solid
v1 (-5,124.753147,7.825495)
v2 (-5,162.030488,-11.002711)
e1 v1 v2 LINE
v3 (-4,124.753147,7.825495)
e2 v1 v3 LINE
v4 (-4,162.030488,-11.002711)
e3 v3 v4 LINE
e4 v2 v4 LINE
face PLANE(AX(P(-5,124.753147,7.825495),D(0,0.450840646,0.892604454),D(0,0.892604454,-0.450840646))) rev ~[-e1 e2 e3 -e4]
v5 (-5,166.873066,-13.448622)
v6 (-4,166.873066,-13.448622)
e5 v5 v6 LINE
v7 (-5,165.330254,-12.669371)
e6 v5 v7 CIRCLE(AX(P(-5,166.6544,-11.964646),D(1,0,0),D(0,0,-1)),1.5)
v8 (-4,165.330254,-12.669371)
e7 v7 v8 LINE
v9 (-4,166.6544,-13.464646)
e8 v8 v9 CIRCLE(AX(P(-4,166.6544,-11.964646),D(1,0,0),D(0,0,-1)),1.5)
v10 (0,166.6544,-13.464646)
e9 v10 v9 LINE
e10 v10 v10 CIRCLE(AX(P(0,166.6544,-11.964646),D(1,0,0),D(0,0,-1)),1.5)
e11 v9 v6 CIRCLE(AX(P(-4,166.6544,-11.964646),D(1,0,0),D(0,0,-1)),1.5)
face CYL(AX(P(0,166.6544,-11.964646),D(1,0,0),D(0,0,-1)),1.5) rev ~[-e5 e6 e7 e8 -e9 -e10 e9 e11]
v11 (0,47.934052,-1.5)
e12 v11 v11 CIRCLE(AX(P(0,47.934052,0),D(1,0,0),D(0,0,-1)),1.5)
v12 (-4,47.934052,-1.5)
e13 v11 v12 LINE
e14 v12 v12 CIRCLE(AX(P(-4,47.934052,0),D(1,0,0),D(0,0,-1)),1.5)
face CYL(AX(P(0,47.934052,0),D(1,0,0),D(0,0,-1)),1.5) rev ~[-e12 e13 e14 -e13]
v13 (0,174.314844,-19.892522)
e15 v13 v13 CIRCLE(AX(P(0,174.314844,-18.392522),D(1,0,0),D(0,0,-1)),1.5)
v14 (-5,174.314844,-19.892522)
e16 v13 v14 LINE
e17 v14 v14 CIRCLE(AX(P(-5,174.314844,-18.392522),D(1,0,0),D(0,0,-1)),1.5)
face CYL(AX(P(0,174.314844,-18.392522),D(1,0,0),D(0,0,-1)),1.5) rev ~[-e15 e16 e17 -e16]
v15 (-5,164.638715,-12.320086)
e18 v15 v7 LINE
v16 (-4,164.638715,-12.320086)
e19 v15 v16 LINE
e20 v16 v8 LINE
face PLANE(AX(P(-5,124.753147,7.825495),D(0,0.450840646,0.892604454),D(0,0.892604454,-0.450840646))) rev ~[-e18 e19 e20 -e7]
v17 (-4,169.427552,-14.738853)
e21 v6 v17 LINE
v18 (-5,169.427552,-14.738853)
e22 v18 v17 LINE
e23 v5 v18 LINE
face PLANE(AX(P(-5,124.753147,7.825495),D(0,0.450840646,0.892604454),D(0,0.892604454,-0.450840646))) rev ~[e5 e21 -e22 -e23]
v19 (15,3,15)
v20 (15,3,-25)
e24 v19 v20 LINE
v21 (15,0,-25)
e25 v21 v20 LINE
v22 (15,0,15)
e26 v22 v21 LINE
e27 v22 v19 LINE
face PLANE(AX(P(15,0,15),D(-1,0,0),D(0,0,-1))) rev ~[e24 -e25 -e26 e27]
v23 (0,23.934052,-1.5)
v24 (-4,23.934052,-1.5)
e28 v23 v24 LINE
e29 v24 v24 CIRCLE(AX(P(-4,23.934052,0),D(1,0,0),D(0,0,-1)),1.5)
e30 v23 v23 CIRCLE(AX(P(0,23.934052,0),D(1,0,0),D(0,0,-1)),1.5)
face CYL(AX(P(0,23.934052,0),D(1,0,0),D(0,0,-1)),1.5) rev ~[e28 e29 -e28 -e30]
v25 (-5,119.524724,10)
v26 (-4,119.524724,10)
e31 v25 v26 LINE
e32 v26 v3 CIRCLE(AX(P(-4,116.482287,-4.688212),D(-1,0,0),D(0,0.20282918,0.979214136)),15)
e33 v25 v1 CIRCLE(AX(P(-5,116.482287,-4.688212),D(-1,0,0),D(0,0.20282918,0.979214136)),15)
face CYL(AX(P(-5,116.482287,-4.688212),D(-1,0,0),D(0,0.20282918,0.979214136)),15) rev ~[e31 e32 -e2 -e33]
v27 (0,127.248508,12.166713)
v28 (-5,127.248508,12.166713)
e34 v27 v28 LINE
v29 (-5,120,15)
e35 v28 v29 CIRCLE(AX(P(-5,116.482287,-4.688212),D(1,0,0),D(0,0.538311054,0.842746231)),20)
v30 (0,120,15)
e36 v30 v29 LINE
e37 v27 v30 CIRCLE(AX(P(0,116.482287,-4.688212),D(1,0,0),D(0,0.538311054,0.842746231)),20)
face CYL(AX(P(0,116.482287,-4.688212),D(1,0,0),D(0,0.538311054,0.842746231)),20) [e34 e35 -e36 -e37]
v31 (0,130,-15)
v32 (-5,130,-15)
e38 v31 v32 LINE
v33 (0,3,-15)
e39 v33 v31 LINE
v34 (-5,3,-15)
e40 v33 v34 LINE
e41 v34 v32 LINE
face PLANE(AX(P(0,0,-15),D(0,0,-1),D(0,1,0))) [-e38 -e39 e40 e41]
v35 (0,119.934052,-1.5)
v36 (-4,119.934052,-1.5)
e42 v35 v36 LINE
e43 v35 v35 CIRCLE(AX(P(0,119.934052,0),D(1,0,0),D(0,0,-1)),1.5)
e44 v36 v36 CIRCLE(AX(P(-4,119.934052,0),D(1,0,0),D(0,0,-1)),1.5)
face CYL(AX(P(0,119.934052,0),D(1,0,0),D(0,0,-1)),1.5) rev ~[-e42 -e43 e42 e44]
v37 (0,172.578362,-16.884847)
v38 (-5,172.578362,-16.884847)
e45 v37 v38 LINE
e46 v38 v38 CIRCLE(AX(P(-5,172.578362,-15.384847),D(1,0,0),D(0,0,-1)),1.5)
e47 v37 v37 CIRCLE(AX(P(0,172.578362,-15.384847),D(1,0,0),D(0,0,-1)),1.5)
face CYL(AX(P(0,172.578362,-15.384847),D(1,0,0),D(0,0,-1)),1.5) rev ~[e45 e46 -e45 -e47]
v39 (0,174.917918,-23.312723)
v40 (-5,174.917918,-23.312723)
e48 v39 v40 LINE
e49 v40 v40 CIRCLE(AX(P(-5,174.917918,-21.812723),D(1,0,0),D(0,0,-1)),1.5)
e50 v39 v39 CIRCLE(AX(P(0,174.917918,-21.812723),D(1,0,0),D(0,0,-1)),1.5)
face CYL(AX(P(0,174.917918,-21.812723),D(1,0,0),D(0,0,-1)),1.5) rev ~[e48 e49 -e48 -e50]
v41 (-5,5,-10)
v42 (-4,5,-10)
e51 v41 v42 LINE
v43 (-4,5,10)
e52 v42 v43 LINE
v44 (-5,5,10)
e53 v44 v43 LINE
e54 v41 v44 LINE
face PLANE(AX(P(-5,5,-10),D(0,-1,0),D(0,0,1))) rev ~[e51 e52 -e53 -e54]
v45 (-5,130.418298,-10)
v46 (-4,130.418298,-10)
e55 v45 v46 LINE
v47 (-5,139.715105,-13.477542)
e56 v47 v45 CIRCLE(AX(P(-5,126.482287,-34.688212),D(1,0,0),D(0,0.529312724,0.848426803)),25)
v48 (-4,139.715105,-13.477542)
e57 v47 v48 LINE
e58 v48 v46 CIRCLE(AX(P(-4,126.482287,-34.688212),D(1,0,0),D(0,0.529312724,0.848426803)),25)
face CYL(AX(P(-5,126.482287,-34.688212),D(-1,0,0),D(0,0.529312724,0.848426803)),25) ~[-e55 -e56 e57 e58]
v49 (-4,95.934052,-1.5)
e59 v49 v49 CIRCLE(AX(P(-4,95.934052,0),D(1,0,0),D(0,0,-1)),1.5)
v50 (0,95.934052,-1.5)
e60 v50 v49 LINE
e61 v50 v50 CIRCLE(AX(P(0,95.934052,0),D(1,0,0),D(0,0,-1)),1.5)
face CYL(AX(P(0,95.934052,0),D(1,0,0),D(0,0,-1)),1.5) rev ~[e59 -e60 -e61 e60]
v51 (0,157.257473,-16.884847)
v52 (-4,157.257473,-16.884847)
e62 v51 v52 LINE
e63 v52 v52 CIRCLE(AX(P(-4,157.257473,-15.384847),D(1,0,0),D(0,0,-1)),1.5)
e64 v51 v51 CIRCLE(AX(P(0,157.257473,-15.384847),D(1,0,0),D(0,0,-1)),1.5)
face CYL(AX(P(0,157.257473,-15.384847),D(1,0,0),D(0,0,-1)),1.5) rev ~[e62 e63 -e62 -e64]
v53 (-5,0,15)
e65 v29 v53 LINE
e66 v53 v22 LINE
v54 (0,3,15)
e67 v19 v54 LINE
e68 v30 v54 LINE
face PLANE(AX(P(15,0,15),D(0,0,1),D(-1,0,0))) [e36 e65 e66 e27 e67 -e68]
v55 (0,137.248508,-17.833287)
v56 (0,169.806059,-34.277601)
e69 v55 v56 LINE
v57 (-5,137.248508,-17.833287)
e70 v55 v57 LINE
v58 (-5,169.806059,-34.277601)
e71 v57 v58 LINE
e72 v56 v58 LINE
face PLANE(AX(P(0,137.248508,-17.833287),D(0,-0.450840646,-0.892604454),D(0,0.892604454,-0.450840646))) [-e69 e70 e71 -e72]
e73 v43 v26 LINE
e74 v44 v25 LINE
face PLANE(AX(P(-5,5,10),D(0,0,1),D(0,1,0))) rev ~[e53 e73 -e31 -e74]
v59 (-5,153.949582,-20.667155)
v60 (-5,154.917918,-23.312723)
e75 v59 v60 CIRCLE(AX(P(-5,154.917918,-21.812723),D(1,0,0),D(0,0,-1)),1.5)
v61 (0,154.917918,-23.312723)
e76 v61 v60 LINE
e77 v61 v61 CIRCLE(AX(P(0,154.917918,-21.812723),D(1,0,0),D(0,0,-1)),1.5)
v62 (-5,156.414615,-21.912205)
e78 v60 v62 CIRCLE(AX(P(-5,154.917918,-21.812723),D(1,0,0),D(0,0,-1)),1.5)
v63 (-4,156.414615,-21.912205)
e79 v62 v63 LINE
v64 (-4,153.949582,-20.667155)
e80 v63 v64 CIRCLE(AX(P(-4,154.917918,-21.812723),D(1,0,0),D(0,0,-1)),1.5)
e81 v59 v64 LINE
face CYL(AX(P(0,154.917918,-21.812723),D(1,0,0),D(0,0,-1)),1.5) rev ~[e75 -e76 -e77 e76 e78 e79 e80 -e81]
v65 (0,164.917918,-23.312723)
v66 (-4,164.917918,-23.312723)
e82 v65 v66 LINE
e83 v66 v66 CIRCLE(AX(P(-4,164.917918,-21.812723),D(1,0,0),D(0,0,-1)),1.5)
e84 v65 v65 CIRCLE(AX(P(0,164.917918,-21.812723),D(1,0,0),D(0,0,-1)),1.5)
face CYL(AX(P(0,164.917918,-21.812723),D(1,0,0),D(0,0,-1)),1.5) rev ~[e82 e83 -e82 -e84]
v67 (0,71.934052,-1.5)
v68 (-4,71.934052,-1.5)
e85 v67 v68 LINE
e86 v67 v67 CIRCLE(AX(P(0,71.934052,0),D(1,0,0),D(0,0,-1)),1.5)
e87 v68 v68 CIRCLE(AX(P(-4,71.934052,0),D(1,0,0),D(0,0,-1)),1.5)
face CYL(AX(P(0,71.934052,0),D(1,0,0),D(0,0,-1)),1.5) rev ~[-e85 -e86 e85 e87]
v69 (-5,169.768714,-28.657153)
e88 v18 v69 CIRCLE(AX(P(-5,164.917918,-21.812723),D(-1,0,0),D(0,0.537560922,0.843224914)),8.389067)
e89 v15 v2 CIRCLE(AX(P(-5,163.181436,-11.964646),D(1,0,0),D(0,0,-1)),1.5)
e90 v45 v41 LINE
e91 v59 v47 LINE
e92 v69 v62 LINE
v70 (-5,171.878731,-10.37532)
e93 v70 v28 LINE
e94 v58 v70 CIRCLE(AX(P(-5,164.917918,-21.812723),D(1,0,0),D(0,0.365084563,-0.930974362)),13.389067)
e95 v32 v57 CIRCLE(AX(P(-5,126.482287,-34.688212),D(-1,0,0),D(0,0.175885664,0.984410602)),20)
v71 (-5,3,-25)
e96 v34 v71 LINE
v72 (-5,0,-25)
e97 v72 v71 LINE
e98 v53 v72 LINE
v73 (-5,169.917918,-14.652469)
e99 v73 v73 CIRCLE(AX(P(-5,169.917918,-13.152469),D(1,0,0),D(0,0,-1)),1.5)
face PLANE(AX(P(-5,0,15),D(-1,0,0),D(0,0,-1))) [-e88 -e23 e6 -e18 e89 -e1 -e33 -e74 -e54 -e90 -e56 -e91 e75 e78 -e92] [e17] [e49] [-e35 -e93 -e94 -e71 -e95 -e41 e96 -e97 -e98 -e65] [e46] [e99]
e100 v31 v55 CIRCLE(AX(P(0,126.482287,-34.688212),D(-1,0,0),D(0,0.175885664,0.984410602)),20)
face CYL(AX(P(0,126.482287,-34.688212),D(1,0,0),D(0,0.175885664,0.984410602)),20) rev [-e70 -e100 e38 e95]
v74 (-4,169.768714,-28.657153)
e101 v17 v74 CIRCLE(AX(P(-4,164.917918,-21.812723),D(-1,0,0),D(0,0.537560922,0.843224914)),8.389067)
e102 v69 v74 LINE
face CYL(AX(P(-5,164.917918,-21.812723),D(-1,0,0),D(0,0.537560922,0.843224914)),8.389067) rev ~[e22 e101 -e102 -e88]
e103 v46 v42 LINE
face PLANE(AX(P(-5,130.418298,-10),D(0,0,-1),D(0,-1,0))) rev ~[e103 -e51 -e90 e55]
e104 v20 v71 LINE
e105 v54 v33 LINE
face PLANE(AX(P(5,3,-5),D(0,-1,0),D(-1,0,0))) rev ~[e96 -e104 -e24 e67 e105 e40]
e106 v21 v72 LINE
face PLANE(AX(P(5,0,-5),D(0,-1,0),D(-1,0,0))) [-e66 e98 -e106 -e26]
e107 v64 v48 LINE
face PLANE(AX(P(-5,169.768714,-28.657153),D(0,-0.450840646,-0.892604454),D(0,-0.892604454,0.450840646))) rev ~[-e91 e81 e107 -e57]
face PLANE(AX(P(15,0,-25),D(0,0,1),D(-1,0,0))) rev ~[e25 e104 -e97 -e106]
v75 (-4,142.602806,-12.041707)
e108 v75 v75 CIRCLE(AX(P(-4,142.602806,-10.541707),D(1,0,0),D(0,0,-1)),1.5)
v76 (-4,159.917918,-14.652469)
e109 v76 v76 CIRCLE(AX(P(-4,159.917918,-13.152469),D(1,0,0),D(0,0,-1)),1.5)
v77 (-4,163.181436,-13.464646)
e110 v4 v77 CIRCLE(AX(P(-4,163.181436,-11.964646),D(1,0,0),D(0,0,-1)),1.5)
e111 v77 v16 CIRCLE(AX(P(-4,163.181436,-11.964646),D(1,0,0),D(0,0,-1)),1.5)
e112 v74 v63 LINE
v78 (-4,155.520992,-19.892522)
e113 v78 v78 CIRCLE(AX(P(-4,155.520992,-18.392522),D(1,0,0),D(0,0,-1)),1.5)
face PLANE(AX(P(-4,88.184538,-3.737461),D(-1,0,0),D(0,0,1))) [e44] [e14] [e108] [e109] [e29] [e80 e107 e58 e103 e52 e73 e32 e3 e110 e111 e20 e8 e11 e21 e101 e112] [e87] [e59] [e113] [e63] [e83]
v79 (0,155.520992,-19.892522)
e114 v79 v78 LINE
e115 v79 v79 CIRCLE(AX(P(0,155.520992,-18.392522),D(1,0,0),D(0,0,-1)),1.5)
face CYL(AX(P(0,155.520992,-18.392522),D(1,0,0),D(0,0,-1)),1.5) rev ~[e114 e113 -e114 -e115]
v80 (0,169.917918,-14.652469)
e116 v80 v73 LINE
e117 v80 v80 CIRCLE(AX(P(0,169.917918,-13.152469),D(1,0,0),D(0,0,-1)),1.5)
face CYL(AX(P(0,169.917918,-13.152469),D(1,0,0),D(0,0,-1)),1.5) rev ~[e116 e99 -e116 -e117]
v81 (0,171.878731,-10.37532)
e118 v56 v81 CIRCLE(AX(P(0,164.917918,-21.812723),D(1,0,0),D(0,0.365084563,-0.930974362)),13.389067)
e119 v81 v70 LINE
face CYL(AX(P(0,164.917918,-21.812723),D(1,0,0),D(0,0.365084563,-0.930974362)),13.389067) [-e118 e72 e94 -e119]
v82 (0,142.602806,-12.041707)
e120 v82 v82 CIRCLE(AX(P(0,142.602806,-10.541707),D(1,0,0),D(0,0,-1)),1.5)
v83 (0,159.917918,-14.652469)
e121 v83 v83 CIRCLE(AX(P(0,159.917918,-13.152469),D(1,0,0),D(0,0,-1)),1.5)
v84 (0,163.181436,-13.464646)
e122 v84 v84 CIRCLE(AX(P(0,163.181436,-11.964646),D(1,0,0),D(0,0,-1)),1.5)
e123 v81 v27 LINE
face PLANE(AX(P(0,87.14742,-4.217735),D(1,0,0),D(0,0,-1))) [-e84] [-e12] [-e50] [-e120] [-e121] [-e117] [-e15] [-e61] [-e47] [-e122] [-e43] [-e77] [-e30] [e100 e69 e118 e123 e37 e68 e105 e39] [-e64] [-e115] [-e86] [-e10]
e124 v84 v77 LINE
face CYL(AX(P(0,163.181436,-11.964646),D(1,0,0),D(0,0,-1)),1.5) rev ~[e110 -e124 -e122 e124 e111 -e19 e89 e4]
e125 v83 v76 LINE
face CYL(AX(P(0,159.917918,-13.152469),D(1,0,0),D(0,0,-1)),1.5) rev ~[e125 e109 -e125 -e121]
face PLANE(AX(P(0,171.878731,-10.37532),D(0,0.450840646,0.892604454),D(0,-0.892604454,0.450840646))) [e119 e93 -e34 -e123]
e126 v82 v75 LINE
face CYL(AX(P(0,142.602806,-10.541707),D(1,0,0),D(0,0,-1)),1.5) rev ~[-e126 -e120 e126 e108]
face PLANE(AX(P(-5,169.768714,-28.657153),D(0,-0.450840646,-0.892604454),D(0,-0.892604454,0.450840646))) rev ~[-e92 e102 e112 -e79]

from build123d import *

# Parameters (mm, degrees)
SKETCH_1_R          = 1.5
EXTRUDE_2_DEPTH     = 5
CUT_EXTRUDE_2_DEPTH = 1
SKETCH_4_W          = 20
SKETCH_4_H          = 40
EXTRUDE_3_DEPTH     = 3


with BuildPart() as part:
    # 草图1 → 凸台-拉伸2 (new body)
    with BuildSketch(Plane(origin=(0, 0, 0), x_dir=(0, 0, -1), z_dir=(1, 0, 0))):
        with BuildLine():
            Line((-15, 0), (15, 0))
            Line((15, 0), (15, 130))
            ThreePointArc((15, 130), (16.060667235, 133.763397528), (17.833287426, 137.248507798))
            Line((17.833287426, 137.248507798), (34.277601095, 169.80605943))
            ThreePointArc((34.277601095, 169.80605943), (22.969406924, 178.256928012), (10.37531975, 171.878730504))
            Line((10.37531975, 171.878730504), (-12.166712574, 127.248507798))
            ThreePointArc((-12.166712574, 127.248507798), (-13.939332765, 123.763397528), (-15, 120))
            Line((-15, 120), (-15, 0))
        make_face()
        with Locations((0, 23.934052351)):
            Circle(SKETCH_1_R, mode=Mode.SUBTRACT)
        with Locations((0, 47.934052351)):
            Circle(SKETCH_1_R, mode=Mode.SUBTRACT)
        with Locations((0, 71.934052351)):
            Circle(SKETCH_1_R, mode=Mode.SUBTRACT)
        with Locations((0, 95.934052351)):
            Circle(SKETCH_1_R, mode=Mode.SUBTRACT)
        with Locations((10.541707006, 142.602806473)):
            Circle(SKETCH_1_R, mode=Mode.SUBTRACT)
        with Locations((0, 119.934052351)):
            Circle(SKETCH_1_R, mode=Mode.SUBTRACT)
        with Locations((21.812723168, 164.917917825)):
            Circle(SKETCH_1_R, mode=Mode.SUBTRACT)
        with Locations((11.964645637, 166.654399602)):
            Circle(SKETCH_1_R, mode=Mode.SUBTRACT)
        with Locations((11.964645637, 163.181436049)):
            Circle(SKETCH_1_R, mode=Mode.SUBTRACT)
        with Locations((13.15246913, 159.917917825)):
            Circle(SKETCH_1_R, mode=Mode.SUBTRACT)
        with Locations((15.384847071, 157.257473394)):
            Circle(SKETCH_1_R, mode=Mode.SUBTRACT)
        with Locations((21.812723168, 154.917917825)):
            Circle(SKETCH_1_R, mode=Mode.SUBTRACT)
        with Locations((18.392521734, 155.520991617)):
            Circle(SKETCH_1_R, mode=Mode.SUBTRACT)
        with Locations((13.15246913, 169.917917825)):
            Circle(SKETCH_1_R, mode=Mode.SUBTRACT)
        with Locations((15.384847071, 172.578362256)):
            Circle(SKETCH_1_R, mode=Mode.SUBTRACT)
        with Locations((18.392521734, 174.314844033)):
            Circle(SKETCH_1_R, mode=Mode.SUBTRACT)
        with Locations((21.812723168, 174.917917825)):
            Circle(SKETCH_1_R, mode=Mode.SUBTRACT)
    extrude(amount=-EXTRUDE_2_DEPTH)

    # 草图3 → 切除-拉伸2 (cut)
    with BuildSketch(Plane.ZY.offset(5)):
        with BuildLine():
            Line((-10, 5), (10, 5))
            Line((10, 5), (10, 119.524724411))
            ThreePointArc((10, 119.524724411), (9.161705076, 122.242477333), (7.82549521, 124.753147068))
            Line((7.82549521, 124.753147068), (-14.73885303, 169.427552317))
            ThreePointArc((-14.73885303, 169.427552317), (-21.607154469, 173.304465594), (-28.657153069, 169.768713769))
            Line((-28.657153069, 169.768713769), (-13.477541954, 139.715104809))
            ThreePointArc((-13.477541954, 139.715104809), (-11.272736422, 135.241025308), (-10, 130.418298195))
            Line((-10, 130.418298195), (-10, 5))
        make_face()
    extrude(amount=-CUT_EXTRUDE_2_DEPTH, mode=Mode.SUBTRACT)

    # 草图4 → 凸台-拉伸3 (add)
    with BuildSketch(Plane(origin=(0, 0, 0), x_dir=(-1, 0, 0), z_dir=(0, -1, 0))):
        with Locations((-5, 5)):
            Rectangle(SKETCH_4_W, SKETCH_4_H)
    extrude(amount=-EXTRUDE_3_DEPTH)


solid = part.part
